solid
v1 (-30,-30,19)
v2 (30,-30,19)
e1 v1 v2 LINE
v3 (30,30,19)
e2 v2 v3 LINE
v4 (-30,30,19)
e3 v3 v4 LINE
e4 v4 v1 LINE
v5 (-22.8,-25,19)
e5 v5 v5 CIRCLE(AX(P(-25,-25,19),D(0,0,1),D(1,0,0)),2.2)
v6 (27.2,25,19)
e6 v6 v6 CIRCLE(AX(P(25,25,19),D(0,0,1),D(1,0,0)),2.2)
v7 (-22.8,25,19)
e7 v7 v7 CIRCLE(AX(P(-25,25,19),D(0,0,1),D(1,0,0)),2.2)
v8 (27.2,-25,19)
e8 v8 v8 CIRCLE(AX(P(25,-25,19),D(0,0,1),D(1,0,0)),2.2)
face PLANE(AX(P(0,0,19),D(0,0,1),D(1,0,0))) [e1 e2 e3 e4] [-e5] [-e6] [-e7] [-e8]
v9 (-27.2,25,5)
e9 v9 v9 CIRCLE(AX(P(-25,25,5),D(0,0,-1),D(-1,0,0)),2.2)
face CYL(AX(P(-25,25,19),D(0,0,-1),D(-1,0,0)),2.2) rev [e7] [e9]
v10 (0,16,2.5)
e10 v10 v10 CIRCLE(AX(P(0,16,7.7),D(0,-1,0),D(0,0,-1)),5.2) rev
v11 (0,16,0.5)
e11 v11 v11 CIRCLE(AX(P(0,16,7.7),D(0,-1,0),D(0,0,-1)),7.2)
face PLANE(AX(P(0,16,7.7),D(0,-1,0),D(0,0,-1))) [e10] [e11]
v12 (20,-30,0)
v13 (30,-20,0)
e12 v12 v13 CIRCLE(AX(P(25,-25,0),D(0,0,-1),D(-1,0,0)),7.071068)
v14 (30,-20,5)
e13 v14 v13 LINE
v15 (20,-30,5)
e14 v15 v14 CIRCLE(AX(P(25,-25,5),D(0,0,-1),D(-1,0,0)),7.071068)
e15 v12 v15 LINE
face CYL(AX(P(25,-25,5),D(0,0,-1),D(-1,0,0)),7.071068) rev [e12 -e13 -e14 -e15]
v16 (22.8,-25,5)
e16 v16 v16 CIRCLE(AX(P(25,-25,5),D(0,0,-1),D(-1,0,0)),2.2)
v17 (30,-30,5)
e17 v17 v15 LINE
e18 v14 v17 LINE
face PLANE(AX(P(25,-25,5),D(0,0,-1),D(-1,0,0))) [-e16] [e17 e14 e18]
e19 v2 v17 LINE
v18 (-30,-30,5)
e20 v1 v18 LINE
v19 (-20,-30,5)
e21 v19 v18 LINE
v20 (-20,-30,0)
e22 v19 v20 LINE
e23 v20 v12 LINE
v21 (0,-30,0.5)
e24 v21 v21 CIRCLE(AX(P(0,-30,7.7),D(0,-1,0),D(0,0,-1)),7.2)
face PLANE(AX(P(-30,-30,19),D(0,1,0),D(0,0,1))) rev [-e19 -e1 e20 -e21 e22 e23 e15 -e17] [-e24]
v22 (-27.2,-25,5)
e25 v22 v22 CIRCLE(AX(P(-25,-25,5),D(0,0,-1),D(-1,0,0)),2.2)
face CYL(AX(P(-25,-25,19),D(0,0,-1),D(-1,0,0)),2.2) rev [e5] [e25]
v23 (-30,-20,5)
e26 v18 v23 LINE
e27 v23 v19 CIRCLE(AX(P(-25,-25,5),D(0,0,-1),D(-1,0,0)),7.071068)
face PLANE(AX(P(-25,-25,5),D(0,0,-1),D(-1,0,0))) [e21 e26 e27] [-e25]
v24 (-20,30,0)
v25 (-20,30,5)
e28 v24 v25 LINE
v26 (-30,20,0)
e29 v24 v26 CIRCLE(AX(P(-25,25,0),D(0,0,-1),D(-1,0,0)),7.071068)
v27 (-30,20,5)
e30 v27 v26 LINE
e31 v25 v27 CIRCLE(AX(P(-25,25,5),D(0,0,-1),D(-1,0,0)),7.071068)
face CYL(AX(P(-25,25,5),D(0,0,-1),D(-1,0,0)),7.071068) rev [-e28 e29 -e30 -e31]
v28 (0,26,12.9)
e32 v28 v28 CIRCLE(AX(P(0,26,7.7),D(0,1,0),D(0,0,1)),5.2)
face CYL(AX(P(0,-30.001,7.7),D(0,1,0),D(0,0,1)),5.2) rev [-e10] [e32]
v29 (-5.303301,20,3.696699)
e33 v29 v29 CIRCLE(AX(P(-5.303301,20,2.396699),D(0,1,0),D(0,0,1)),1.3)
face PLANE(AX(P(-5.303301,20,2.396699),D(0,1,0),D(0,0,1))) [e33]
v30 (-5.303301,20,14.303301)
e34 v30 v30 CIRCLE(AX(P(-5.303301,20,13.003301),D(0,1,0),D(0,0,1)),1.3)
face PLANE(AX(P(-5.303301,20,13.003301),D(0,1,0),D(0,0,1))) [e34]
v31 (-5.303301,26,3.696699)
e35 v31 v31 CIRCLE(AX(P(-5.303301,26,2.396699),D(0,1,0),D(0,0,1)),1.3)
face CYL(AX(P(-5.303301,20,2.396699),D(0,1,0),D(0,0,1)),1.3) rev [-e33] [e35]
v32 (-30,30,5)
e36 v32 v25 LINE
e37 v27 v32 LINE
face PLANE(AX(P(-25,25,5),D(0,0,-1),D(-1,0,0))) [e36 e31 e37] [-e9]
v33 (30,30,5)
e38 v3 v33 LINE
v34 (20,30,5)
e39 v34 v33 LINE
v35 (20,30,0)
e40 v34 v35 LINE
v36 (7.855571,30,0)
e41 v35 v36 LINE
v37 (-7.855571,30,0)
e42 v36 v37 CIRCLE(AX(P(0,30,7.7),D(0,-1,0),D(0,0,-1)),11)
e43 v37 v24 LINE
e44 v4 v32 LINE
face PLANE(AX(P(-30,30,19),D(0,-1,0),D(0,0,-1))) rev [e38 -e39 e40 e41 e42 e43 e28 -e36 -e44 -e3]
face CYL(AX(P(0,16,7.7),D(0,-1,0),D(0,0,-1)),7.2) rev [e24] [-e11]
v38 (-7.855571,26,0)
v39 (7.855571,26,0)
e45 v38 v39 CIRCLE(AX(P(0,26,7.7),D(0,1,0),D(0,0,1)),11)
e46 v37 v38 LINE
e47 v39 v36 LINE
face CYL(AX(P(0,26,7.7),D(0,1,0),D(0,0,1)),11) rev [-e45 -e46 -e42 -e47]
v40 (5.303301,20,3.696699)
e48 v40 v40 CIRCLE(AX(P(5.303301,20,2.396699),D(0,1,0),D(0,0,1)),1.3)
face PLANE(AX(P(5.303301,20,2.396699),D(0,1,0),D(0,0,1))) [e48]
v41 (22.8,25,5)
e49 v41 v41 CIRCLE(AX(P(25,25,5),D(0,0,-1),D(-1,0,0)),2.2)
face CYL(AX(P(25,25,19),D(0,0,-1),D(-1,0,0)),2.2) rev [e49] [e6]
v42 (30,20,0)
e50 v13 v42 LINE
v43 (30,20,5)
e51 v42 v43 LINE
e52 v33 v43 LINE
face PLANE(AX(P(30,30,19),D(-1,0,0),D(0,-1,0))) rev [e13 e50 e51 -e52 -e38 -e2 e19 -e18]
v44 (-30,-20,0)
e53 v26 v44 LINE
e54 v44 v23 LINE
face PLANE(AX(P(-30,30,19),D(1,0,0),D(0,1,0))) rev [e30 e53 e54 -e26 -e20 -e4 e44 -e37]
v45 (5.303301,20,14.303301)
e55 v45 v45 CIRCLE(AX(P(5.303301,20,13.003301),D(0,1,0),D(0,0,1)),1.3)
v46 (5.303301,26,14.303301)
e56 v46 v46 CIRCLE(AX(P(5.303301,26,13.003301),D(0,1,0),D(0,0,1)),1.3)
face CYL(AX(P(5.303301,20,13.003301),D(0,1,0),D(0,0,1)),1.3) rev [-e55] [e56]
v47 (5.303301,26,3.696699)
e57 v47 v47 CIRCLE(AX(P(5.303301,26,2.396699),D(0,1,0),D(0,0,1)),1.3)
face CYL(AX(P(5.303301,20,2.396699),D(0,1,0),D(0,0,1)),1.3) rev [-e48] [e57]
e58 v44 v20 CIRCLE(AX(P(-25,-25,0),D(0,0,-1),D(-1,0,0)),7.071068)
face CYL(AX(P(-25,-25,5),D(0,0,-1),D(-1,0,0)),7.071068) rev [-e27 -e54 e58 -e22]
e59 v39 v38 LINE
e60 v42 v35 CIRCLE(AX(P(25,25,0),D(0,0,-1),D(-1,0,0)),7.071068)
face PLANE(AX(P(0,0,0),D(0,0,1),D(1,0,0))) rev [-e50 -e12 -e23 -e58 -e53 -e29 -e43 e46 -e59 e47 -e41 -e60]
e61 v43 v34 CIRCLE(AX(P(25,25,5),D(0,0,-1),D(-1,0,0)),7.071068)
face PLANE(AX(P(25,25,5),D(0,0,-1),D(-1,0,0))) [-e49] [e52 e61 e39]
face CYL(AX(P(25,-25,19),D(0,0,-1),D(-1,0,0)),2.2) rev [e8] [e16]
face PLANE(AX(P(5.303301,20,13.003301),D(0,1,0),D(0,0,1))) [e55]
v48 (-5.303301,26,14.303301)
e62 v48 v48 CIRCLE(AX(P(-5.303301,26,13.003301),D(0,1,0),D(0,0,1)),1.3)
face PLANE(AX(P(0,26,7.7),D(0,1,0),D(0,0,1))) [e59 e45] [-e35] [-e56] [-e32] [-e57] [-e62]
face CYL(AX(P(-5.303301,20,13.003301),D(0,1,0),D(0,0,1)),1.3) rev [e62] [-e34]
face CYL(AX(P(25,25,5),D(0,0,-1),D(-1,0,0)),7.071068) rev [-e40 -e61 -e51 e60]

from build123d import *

# Parameters (mm, degrees)
SKETCH1_W           = 60
SKETCH1_H           = 60
SKETCH1_R           = 2.2
BOSS_EXTRUDE1_DEPTH = 19
SKETCH2_R           = 11
CUT_EXTRUDE1_DEPTH  = 4
CUT_EXTRUDE2_REACH  = 58
SKETCH3_R           = 5.2
SKETCH4_R           = 7.2
CUT_EXTRUDE3_DEPTH  = 46
SKETCH5_R           = 1.3
CUT_EXTRUDE4_DEPTH  = 6
SKETCH6_R           = 7.071067812
CUT_EXTRUDE5_DEPTH  = 5


with BuildPart() as part:
    # Sketch1 → Boss-Extrude1 (new body)
    with BuildSketch(Plane.XY):
        Rectangle(SKETCH1_W, SKETCH1_H)
        with Locations((-25, 25)):
            Circle(SKETCH1_R, mode=Mode.SUBTRACT)
        with Locations((25, 25)):
            Circle(SKETCH1_R, mode=Mode.SUBTRACT)
        with Locations((25, -25)):
            Circle(SKETCH1_R, mode=Mode.SUBTRACT)
        with Locations((-25, -25)):
            Circle(SKETCH1_R, mode=Mode.SUBTRACT)
    extrude(amount=BOSS_EXTRUDE1_DEPTH)

    # Sketch2 → Cut-Extrude1 (cut)
    with BuildSketch(Plane(origin=(0, 30, 0), x_dir=(1, 0, 0), z_dir=(0, 1, 0))):
        with Locations((0, -7.7)):
            Circle(SKETCH2_R)
    extrude(amount=-CUT_EXTRUDE1_DEPTH, mode=Mode.SUBTRACT)

    # Sketch3 → Cut-Extrude2 (cut, up to next)
    with BuildSketch(Plane(origin=(0, 26, 0), x_dir=(1, 0, 0), z_dir=(0, 1, 0)), mode=Mode.PRIVATE) as cut_extrude2_sk1:
        with Locations((0, -7.7)):
            Circle(SKETCH3_R)
    cut_extrude2_tool1 = extrude(cut_extrude2_sk1.sketch, amount=-CUT_EXTRUDE2_REACH, mode=Mode.PRIVATE) & part.part
    add(cut_extrude2_tool1.solids().sort_by_distance((0, 26, 7.7))[0], mode=Mode.SUBTRACT)

    # Sketch4 → Cut-Extrude3 (cut)
    with BuildSketch(Plane.XZ.offset(30)):
        with Locations((0, 7.7)):
            Circle(SKETCH4_R)
    extrude(amount=-CUT_EXTRUDE3_DEPTH, mode=Mode.SUBTRACT)

    # Sketch5 → Cut-Extrude4 (cut)
    with BuildSketch(Plane(origin=(0, 26, 0), x_dir=(1, 0, 0), z_dir=(0, 1, 0))):
        with Locations((-5.303300859, -2.396699141)):
            Circle(SKETCH5_R)
        with Locations((5.303300859, -2.396699141)):
            Circle(SKETCH5_R)
        with Locations((5.303300859, -13.003300859)):
            Circle(SKETCH5_R)
        with Locations((-5.303300859, -13.003300859)):
            Circle(SKETCH5_R)
    extrude(amount=-CUT_EXTRUDE4_DEPTH, mode=Mode.SUBTRACT)

    # Sketch6 → Cut-Extrude5 (cut)
    with BuildSketch(Plane(origin=(0, 0, 0), x_dir=(-1, 0, 0), z_dir=(0, 0, -1))):
        with Locations((-25, 25)):
            Circle(SKETCH6_R)
        with Locations((25, 25)):
            Circle(SKETCH6_R)
        with Locations((25, -25)):
            Circle(SKETCH6_R)
        with Locations((-25, -25)):
            Circle(SKETCH6_R)
    extrude(amount=-CUT_EXTRUDE5_DEPTH, mode=Mode.SUBTRACT)


solid = part.part
